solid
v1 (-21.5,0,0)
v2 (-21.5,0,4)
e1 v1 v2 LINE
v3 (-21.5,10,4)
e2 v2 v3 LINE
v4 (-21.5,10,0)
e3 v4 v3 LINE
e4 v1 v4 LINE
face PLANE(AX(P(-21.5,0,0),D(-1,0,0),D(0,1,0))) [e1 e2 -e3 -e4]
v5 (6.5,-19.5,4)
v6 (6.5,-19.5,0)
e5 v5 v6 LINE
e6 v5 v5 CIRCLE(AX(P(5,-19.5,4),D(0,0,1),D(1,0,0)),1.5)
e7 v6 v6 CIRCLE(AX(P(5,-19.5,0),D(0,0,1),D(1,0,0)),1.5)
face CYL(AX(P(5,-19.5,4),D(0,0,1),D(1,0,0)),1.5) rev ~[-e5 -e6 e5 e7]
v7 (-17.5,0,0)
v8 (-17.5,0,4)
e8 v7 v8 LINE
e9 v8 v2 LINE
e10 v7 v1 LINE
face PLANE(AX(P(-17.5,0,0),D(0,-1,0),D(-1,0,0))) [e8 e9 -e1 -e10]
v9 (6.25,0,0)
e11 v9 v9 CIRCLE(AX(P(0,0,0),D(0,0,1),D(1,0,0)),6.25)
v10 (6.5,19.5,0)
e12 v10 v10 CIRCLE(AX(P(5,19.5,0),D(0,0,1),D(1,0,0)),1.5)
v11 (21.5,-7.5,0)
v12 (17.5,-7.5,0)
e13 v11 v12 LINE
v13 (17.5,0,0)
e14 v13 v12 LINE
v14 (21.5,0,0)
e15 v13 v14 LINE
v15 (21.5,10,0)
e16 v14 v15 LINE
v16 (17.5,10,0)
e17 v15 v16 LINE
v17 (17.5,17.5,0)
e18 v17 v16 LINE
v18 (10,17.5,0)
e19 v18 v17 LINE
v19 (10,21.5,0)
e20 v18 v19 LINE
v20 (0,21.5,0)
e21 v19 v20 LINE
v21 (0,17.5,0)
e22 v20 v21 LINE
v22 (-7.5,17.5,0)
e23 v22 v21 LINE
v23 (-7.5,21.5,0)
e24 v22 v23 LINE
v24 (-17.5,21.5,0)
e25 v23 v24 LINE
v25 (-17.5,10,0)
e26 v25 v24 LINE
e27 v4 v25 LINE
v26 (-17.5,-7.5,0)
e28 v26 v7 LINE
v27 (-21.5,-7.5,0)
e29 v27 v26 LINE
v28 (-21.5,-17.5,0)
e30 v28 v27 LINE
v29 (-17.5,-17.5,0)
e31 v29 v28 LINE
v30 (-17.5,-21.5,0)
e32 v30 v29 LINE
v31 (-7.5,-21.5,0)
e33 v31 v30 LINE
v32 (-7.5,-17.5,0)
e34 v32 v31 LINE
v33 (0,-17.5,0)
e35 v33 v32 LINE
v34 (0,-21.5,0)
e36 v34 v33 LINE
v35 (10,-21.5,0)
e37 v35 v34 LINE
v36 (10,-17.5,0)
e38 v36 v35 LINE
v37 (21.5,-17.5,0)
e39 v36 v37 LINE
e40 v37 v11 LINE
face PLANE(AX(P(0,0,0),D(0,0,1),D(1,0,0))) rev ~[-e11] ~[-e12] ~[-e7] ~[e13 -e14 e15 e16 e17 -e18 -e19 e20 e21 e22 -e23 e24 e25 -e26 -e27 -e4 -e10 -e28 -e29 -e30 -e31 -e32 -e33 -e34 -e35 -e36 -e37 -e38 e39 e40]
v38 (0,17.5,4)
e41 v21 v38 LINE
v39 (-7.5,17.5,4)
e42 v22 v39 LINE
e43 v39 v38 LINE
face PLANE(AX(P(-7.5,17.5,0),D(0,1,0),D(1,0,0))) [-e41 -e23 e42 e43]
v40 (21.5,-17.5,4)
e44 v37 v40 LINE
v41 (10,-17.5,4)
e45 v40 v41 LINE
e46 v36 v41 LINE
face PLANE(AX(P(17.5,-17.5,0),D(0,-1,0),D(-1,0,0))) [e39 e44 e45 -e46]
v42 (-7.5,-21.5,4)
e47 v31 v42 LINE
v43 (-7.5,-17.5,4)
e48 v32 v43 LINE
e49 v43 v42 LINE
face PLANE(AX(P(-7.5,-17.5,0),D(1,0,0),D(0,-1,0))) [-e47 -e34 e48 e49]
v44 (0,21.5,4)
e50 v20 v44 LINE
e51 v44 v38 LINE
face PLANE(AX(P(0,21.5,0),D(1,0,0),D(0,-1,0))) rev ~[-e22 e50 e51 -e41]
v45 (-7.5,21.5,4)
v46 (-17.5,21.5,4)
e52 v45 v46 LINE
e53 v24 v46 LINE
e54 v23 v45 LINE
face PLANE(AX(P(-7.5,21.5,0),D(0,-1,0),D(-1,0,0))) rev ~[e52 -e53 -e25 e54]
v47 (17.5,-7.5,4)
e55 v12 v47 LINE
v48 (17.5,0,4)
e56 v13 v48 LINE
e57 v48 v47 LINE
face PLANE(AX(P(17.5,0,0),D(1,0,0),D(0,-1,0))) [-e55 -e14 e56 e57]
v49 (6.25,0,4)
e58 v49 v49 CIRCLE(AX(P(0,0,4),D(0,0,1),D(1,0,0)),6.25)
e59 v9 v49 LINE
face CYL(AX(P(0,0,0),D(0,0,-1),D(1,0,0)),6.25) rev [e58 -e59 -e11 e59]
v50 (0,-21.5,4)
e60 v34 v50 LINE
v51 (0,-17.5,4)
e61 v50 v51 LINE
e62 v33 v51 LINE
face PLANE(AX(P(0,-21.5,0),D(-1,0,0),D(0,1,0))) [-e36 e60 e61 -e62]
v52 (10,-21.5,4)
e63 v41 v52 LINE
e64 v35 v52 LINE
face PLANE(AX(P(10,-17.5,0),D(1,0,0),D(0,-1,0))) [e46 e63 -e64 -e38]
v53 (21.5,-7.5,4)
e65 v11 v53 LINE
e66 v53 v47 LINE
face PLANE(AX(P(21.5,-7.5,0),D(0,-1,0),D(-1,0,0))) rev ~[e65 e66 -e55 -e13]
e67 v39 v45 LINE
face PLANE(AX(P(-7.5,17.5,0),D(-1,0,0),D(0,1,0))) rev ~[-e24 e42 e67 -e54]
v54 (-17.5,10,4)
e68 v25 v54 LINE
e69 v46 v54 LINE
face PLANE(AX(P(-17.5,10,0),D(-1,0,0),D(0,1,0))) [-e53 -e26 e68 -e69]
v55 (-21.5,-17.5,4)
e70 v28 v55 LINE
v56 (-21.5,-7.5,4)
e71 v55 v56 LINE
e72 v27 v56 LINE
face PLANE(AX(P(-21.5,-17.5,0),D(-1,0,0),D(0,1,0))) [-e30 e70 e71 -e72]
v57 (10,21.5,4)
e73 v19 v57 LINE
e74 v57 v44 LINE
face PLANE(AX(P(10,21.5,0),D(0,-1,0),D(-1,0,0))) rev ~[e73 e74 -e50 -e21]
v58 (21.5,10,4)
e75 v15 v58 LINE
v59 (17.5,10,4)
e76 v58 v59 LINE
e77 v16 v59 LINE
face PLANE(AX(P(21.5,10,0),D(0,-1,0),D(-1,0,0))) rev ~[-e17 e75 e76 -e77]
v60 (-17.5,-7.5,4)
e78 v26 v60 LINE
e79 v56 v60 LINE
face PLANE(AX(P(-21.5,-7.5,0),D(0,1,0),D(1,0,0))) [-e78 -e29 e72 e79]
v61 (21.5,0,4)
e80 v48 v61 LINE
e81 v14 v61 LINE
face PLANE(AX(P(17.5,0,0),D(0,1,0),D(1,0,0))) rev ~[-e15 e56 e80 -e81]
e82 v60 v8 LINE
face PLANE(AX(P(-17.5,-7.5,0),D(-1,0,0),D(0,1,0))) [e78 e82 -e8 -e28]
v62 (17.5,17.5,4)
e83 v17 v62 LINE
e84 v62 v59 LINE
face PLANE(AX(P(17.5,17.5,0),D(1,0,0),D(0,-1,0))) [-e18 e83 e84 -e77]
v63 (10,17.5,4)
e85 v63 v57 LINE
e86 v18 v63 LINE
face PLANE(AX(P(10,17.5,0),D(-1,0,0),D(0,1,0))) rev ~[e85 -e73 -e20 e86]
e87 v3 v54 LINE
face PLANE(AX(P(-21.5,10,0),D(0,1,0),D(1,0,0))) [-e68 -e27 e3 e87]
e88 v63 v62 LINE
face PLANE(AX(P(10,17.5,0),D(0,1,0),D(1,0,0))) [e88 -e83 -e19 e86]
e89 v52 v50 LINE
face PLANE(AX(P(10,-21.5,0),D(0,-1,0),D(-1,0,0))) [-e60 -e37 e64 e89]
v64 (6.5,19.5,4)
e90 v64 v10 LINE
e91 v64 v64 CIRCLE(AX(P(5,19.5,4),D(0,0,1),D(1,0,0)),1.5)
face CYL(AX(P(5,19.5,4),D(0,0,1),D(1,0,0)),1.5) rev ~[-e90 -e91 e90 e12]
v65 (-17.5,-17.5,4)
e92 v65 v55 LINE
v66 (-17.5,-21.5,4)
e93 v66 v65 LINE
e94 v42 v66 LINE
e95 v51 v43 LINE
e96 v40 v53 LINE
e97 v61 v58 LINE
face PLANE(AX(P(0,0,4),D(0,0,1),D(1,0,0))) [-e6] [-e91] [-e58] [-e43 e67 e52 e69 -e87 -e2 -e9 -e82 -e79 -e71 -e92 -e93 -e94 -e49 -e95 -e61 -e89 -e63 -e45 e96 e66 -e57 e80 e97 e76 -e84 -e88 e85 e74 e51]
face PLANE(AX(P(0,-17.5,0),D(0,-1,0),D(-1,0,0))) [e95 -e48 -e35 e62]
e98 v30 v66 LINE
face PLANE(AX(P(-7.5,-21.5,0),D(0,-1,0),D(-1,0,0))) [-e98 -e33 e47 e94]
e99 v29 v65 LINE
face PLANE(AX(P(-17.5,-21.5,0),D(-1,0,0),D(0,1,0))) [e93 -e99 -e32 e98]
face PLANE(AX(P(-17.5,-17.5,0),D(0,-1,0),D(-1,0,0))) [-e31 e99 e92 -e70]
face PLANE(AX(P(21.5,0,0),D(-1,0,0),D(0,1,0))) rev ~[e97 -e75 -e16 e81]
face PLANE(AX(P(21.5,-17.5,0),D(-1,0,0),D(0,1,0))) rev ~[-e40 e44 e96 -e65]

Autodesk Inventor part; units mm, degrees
ref_plane "YZ Plane" through (0, 0, 0) normal (1, 0, 0) x (0, 1, 0)
ref_plane "XZ Plane" through (0, 0, 0) normal (0, 1, 0) x (-1, 0, 0)
ref_plane "XY Plane" through (0, 0, 0) normal (0, 0, 1) x (1, 0, 0)
sketch "Sketch1" plane through (0, 0, 0) normal (0, 0, 1) x (1, 0, 0)
  line L0 (17.5, -17.5) -> (0, -17.5)
  line L1 (-17.5, -17.5) -> (-17.5, 17.5)
  line L2 (-17.5, 17.5) -> (-7.5, 17.5) construction
  line L3 (17.5, 17.5) -> (17.5, 10)
  line L4 (17.5, -17.5) -> (-17.5, 17.5) construction
  line L5 (-17.5, -17.5) -> (17.5, 17.5) construction
  circle A0 centre (0, 0) radius 6.25
  line L6 (-17.5, -17.5) -> (-21.5, -17.5)
  line L7 (-21.5, -17.5) -> (-21.5, -7.5)
  line L8 (-21.5, -7.5) -> (-17.5, -7.5)
  line L9 (-17.5, -7.5) -> (-17.5, -17.5) construction
  line L10 (-17.5, 0) -> (-21.5, 0)
  line L11 (-21.5, 0) -> (-21.5, 10)
  line L12 (-21.5, 10) -> (-17.5, 10)
  line L13 (-17.5, 10) -> (-17.5, 0) construction
  line L14 (-17.5, 17.5) -> (-7.5, 17.5) construction
  line L15 (-7.5, 17.5) -> (-7.5, 21.5)
  line L16 (-7.5, 21.5) -> (-17.5, 21.5)
  line L17 (-17.5, 21.5) -> (-17.5, 17.5)
  line L18 (0, 17.5) -> (10, 17.5) construction
  line L19 (10, 17.5) -> (10, 21.5)
  line L20 (10, 21.5) -> (0, 21.5)
  line L21 (0, 21.5) -> (0, 17.5)
  line L22 (-17.5, 0) -> (17.5, 0) construction
  line L23 (0, -17.5) -> (0, 17.5) construction
  line L24 (-17.5, -17.5) -> (-7.5, -17.5)
  line L25 (-7.5, -17.5) -> (-7.5, -21.5)
  line L26 (-7.5, -21.5) -> (-17.5, -21.5)
  line L27 (-17.5, -21.5) -> (-17.5, -17.5)
  line L28 (0, -17.5) -> (10, -17.5) construction
  line L29 (10, -17.5) -> (10, -21.5)
  line L30 (10, -21.5) -> (0, -21.5)
  line L31 (0, -21.5) -> (0, -17.5)
  line L32 (17.5, -17.5) -> (21.5, -17.5)
  line L33 (21.5, -17.5) -> (21.5, -7.5)
  line L34 (21.5, -7.5) -> (17.5, -7.5)
  line L35 (17.5, -7.5) -> (17.5, -17.5) construction
  line L36 (17.5, 0) -> (21.5, 0)
  line L37 (21.5, 0) -> (21.5, 10)
  line L38 (21.5, 10) -> (17.5, 10)
  line L39 (17.5, 10) -> (17.5, 0) construction
  line L40 (-7.5, 17.5) -> (0, 17.5)
  line L41 (0, 17.5) -> (10, 17.5)
  line L42 (17.5, 10) -> (17.5, 0) construction
  line L43 (17.5, 0) -> (17.5, -7.5)
  line L44 (17.5, -7.5) -> (17.5, -17.5) construction
  line L45 (0, -17.5) -> (-17.5, -17.5)
  line L46 (10, 17.5) -> (17.5, 17.5)
  point P0 (0, 19.5)
  point P1 (-7.5, 19.5)
  point P2 (0, -19.5)
  point P3 (-7.5, -19.5)
  point P4 (-7.5, -17.5)
  point P5 (10, -17.5)
  dimension "d0" = 12.5
  dimension "d1" = 11.25
  dimension "d2" = 11.25
  dimension "d5" = 10
  dimension "d6" = 10
  dimension "d7" = 7.5
  dimension "d8" = 4
  dimension "d9" = 10
  dimension "d10" = 4
  dimension "d11" = 10
  dimension "d12" = 4
  dimension "d13" = 7.5
extrude "Extrusion1" add sketch "Sketch1" along normal blind 4
sketch "Sketch2" plane through (0, 0, 4) normal (0, 0, 1) x (1, 0, 0)
  line L0 (6.5, 17.5) -> (3.5, 17.5) construction
  line L1 (6.5, 21.5) -> (6.5, 17.5) construction
  line L2 (3.5, 21.5) -> (6.5, 21.5) construction
  line L3 (3.5, 21.5) -> (3.5, 17.5) construction
  line L4 (6.5, -21.5) -> (3.5, -21.5) construction
  line L5 (6.5, -17.5) -> (6.5, -21.5) construction
  line L6 (3.5, -17.5) -> (6.5, -17.5) construction
  line L7 (3.5, -17.5) -> (3.5, -21.5) construction
  line L8 (3.5, 17.5) -> (6.5, 21.5) construction
  line L9 (3.5, -17.5) -> (6.5, -21.5) construction
  circle A0 centre (5, 19.5) radius 1.5
  circle A1 centre (5, -19.5) radius 1.5
  point P0 (0, 0)
  dimension "d16" = 3
extrude "Extrusion2" cut sketch "Sketch2" against normal up to next
properties part number "FloorButtonHolder_Front_V1" material "MDF Medium Density Fiberboard"
